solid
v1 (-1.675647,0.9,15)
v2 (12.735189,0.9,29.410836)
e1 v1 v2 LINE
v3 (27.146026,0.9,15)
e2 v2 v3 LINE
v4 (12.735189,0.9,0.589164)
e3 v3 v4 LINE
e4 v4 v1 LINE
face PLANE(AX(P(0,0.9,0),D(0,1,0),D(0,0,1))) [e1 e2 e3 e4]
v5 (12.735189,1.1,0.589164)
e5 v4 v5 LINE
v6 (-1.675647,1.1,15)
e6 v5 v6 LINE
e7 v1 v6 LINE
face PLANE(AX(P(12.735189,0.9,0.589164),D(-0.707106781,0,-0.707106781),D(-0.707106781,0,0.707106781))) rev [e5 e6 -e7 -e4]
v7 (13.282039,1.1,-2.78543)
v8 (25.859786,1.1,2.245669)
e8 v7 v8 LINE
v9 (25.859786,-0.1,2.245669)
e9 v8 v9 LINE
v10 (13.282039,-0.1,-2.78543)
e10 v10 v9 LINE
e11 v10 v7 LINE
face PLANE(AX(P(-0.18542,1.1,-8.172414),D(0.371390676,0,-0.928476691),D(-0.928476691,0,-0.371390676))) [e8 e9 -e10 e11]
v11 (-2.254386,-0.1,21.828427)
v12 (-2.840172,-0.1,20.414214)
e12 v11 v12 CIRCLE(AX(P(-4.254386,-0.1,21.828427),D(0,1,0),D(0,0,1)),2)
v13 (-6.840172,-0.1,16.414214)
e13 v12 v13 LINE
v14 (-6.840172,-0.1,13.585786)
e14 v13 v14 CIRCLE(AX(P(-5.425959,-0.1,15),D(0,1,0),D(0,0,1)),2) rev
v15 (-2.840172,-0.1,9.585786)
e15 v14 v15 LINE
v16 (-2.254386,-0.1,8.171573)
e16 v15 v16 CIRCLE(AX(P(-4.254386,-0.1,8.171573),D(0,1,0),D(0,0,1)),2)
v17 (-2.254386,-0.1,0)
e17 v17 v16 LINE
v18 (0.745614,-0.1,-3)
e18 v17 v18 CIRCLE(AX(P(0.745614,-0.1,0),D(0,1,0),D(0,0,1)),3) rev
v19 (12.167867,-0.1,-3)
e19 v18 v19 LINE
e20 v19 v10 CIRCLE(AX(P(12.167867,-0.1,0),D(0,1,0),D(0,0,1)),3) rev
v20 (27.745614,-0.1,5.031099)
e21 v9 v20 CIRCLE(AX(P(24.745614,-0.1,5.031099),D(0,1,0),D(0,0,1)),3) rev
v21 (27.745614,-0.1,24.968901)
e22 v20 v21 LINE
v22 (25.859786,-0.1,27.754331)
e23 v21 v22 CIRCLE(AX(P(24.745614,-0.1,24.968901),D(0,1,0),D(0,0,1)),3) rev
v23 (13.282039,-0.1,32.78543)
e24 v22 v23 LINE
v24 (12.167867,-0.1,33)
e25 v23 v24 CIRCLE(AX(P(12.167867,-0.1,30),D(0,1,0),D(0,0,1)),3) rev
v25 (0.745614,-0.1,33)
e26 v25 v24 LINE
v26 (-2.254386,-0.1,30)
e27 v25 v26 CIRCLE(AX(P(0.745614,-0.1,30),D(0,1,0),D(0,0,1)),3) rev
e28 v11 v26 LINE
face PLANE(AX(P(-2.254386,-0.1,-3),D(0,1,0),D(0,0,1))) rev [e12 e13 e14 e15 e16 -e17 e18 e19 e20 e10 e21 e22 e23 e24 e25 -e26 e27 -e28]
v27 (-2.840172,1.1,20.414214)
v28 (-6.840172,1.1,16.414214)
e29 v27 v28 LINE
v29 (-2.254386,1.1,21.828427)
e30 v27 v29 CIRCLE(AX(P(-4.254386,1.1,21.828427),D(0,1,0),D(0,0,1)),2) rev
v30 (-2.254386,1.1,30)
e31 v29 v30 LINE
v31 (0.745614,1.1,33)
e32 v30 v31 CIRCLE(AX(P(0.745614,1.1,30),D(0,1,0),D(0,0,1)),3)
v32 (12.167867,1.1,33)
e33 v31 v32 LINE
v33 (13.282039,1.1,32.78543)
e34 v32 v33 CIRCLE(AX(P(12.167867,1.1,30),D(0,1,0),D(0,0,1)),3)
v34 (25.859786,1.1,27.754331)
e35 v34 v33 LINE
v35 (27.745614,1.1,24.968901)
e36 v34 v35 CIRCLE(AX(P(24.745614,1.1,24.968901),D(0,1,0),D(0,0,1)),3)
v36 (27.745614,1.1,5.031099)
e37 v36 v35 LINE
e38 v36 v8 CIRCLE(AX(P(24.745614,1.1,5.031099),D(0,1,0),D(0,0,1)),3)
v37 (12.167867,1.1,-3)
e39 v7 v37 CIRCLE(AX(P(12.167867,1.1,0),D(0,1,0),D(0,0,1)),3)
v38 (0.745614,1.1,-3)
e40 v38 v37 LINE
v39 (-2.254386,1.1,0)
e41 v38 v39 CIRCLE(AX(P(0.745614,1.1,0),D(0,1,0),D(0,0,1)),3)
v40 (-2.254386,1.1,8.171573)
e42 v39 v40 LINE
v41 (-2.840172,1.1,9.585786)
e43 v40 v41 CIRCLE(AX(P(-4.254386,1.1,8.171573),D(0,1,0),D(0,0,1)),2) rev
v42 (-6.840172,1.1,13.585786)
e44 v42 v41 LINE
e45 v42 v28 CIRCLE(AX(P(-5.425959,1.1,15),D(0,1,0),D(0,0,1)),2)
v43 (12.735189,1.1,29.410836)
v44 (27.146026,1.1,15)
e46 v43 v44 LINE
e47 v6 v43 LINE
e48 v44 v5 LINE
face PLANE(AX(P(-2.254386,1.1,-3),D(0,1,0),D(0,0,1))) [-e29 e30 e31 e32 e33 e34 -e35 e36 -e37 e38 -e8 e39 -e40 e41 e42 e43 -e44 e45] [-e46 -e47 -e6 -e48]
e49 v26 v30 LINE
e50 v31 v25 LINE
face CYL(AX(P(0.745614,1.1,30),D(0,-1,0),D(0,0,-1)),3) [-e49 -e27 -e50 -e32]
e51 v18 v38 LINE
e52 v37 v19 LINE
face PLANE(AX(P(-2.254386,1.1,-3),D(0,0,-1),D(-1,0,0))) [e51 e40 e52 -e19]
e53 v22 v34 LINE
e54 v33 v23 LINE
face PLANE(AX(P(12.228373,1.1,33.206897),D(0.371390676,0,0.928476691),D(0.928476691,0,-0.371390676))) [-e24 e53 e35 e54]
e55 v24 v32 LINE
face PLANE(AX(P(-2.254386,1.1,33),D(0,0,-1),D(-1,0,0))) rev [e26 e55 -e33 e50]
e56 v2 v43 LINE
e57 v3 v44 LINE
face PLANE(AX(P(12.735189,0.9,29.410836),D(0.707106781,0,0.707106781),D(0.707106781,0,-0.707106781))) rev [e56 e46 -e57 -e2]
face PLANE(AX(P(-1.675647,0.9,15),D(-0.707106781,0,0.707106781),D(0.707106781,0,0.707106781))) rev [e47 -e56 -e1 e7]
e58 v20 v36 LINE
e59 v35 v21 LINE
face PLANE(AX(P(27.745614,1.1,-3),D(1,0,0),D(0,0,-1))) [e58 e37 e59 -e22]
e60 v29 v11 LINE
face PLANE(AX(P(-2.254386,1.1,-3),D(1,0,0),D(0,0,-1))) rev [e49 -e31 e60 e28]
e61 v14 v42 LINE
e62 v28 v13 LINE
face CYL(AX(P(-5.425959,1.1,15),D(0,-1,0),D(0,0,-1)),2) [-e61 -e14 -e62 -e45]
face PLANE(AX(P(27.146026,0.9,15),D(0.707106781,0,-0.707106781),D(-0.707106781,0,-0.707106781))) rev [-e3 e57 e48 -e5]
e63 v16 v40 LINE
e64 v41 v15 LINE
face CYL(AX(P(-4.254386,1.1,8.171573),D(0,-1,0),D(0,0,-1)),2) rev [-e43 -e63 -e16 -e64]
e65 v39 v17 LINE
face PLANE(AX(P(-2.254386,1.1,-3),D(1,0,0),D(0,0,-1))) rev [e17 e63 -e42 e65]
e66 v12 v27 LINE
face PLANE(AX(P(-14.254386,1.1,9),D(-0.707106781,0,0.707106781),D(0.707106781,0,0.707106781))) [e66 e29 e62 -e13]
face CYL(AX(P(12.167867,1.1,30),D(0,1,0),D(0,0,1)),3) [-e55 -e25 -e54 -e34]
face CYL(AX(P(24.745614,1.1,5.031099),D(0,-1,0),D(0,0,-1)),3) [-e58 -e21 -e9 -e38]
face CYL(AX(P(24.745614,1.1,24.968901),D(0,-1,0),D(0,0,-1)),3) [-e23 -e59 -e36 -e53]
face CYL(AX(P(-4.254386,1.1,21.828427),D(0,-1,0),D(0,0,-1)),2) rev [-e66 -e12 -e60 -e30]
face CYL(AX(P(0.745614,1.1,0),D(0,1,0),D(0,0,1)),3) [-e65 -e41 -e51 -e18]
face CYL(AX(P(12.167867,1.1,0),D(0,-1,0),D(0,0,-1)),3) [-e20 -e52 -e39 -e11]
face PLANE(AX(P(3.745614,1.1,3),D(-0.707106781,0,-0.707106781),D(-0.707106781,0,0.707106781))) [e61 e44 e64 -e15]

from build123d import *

# Parameters (mm, degrees)
SKETCH_1_W          = 12.5
SKETCH_1_H          = 30
EXTRUDE_1_DEPTH     = 1
SCALE_1_SCALE       = 1.2
FILLET_1_R          = 2
FILLET_2_R          = 3
FILLET_3_R          = 2
CUT_EXTRUDE_1_DEPTH = 0.2


with BuildPart() as part:
    # 草图1 → 凸台-拉伸1 (new body)
    with BuildSketch(Plane(origin=(0, 0, 0), x_dir=(1, 0, 0), z_dir=(0, 1, 0))):
        with Locations((6.25, -15)):
            Rectangle(SKETCH_1_W, SKETCH_1_H)
        Polygon((25, -5), (12.5, 0), (12.5, -30), (25, -25), align=None)
        Polygon((0, -15), (0, -10), (-5, -15), align=None)
        Polygon((0, -20), (0, -15), (-5, -15), align=None)
    extrude(amount=EXTRUDE_1_DEPTH)


with BuildPart() as part_1:
    # 缩放比例1: scaled about (11.271929825, 0.5, 15)
    add(part.part.scale(SCALE_1_SCALE).moved(Location((-2.254385965, -0.1, -3))))

    # 圆角1
    fillet_1_edges = [part_1.edges().sort_by_distance(p)[0] for p in [
        (-8.254385965, 0.5, 15),
    ]]
    fillet(fillet_1_edges, radius=FILLET_1_R)

    # 圆角2
    fillet_2_edges = [part_1.edges().sort_by_distance(p)[0] for p in [
        (-2.254385965, 0.5, -3),
        (12.745614035, 0.5, -3),
        (27.745614035, 0.5, 3),
        (27.745614035, 0.5, 27),
        (12.745614035, 0.5, 33),
        (-2.254385965, 0.5, 33),
    ]]
    fillet(fillet_2_edges, radius=FILLET_2_R)

    # 圆角3
    fillet_3_edges = [part_1.edges().sort_by_distance(p)[0] for p in [
        (-2.254385965, 0.5, 9),
        (-2.254385965, 0.5, 21),
    ]]
    fillet(fillet_3_edges, radius=FILLET_3_R)

    # 草图2 → 切除-拉伸1 (cut)
    with BuildSketch(Plane(origin=(0, 1.1, 0), x_dir=(1, 0, 0), z_dir=(0, 1, 0))):
        Polygon((27.146025588, -15), (12.735189388, -0.589163799), (-1.675646813, -15), (12.735189388, -29.410836201), align=None)
    extrude(amount=-CUT_EXTRUDE_1_DEPTH, mode=Mode.SUBTRACT)


solid = part_1.part
